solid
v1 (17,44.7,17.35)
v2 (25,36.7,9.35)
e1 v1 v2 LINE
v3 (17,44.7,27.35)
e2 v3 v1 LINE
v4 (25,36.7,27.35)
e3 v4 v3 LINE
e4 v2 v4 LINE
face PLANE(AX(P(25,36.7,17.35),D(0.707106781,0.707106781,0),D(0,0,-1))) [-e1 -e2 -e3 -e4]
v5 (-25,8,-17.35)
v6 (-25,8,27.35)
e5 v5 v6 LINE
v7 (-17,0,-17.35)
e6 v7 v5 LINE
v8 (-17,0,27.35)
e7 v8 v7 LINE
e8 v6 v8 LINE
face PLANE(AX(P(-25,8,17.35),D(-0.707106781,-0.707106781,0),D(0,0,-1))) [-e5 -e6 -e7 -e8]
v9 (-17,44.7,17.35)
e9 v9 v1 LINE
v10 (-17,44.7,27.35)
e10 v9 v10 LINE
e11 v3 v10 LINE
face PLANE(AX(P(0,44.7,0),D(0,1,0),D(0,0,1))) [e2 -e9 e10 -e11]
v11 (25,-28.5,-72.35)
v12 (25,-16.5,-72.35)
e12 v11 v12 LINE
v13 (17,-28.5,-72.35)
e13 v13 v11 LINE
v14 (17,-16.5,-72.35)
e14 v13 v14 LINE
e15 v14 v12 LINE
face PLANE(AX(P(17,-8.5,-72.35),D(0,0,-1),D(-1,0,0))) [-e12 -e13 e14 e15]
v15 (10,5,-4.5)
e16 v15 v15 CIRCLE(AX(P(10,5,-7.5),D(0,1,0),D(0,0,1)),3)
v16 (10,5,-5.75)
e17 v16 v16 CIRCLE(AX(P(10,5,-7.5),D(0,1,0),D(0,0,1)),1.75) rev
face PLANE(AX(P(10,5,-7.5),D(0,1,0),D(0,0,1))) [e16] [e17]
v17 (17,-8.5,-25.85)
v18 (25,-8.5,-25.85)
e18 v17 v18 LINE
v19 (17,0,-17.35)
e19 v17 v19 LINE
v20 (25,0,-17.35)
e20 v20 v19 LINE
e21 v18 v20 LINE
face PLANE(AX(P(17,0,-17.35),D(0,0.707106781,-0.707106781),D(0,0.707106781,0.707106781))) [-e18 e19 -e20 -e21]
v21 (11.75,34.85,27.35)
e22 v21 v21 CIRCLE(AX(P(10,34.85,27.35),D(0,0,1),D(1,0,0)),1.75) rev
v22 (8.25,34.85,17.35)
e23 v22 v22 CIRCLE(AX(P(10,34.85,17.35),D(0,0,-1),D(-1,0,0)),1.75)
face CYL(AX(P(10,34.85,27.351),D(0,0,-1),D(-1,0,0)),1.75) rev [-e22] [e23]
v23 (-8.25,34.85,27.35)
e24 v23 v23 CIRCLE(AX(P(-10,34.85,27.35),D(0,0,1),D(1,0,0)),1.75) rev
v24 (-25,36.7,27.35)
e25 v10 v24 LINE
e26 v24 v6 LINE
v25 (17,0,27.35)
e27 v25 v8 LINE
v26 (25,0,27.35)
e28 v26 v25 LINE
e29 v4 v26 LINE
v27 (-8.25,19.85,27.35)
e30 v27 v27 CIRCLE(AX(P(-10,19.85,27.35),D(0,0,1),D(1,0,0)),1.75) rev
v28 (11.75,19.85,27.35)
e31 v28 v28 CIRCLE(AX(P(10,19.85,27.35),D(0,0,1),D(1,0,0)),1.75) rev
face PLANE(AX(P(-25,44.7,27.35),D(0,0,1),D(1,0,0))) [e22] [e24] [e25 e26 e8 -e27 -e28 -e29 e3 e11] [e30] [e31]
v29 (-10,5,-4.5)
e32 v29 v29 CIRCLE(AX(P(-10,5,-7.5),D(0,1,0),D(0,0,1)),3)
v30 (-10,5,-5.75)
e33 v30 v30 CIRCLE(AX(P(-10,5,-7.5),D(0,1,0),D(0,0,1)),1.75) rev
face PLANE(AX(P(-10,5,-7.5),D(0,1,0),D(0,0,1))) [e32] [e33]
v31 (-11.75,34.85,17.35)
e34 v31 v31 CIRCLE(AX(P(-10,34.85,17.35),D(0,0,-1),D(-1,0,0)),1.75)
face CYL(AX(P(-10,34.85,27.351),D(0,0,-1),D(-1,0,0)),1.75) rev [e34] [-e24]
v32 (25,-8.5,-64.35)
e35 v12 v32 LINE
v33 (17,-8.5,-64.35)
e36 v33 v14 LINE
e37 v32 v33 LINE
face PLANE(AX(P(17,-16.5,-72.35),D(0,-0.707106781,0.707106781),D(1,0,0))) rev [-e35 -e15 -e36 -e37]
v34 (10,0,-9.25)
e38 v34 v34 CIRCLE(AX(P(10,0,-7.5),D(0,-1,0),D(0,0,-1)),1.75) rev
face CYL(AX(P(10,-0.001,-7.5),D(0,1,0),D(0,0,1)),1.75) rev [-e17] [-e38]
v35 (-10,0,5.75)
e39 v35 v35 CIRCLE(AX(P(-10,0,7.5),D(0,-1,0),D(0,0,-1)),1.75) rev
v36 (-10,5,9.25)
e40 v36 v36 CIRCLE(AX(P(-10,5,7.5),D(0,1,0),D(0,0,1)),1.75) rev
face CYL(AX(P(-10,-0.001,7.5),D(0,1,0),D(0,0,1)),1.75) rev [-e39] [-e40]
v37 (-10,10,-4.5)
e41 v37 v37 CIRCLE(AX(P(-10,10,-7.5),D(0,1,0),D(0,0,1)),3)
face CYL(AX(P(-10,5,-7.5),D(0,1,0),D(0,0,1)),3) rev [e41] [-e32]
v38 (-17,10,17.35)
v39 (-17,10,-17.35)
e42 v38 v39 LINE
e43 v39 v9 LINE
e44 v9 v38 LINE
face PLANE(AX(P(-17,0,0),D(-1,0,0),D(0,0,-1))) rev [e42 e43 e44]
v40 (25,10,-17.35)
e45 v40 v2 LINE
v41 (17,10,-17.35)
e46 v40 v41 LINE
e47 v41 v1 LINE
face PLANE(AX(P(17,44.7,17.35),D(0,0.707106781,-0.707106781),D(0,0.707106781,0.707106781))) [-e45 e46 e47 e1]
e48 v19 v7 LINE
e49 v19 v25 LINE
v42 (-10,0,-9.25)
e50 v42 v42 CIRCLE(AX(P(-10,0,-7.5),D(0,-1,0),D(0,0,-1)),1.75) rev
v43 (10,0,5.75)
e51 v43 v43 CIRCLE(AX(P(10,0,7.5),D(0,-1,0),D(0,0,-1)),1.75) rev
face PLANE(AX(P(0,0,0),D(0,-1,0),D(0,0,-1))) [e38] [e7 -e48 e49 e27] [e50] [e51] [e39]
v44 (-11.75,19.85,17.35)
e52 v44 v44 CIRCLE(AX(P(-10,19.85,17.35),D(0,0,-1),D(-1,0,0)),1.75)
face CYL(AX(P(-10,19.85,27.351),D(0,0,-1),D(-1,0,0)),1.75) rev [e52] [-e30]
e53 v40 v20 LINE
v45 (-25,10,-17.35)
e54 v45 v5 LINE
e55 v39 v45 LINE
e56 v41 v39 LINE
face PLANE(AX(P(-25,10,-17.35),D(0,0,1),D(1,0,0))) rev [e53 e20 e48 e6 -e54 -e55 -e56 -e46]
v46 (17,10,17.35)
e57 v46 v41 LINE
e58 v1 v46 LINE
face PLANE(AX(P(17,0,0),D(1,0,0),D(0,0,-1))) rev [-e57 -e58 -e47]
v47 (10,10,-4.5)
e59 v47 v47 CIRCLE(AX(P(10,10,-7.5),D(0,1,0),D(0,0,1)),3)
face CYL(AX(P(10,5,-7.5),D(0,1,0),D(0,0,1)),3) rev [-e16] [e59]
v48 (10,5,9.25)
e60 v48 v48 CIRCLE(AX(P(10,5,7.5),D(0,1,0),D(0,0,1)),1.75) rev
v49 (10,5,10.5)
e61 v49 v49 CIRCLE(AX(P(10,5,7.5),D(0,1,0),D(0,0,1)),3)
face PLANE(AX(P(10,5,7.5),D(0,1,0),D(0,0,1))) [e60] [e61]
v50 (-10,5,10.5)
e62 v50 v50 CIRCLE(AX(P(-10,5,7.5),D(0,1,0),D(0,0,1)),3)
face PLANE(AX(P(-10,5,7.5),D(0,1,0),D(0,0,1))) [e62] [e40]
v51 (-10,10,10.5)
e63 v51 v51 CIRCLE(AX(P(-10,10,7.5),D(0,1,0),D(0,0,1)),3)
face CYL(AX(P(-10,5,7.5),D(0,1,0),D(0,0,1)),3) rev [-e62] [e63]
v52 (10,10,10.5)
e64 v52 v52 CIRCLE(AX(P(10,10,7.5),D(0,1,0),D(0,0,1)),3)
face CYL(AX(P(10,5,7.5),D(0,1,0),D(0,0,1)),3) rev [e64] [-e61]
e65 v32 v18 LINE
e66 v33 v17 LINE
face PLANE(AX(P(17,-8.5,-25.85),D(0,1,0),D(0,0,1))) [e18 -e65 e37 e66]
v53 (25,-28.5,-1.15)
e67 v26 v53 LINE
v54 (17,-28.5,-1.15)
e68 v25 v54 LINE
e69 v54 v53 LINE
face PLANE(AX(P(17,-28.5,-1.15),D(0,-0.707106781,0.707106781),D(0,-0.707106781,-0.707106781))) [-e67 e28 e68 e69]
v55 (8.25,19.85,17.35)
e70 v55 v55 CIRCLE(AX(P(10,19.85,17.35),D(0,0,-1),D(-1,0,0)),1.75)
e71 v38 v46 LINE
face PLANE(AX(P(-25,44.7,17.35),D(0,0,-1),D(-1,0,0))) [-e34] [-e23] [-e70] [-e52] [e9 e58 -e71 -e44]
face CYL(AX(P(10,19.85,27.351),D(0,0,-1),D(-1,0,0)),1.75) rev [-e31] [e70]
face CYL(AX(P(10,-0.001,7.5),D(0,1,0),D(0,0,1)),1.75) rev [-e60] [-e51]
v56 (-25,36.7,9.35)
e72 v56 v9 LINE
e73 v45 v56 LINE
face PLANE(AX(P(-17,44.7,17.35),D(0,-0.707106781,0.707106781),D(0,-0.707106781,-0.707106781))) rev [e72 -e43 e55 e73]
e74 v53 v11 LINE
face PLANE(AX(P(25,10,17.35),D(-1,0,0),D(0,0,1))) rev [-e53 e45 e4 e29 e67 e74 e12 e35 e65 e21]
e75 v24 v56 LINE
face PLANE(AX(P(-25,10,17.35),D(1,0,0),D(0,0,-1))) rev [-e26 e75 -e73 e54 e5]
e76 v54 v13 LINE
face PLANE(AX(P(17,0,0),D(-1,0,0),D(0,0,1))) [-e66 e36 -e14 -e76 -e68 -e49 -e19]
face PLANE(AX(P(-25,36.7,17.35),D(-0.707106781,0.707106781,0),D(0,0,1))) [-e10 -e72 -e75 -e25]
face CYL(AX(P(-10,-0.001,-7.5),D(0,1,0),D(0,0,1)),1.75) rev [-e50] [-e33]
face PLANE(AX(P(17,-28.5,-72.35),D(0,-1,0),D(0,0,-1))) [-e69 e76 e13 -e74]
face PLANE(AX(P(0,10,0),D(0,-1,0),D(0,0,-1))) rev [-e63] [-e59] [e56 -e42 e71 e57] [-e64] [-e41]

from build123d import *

# Parameters (mm, degrees)
SKETCH1_W           = 50
SKETCH1_H           = 34.7
BOSS_EXTRUDE1_DEPTH = 10
CUT_EXTRUDE1_REACH  = 34.032
SKETCH2_R           = 1.75
SKETCH3_R           = 3
CUT_EXTRUDE2_DEPTH  = 5
SKETCH6_W           = 50
SKETCH6_H           = 10
BOSS_EXTRUDE3_DEPTH = 44.7
BOSS_EXTRUDE4_DEPTH = 8
BOSS_EXTRUDE5_DEPTH = 8
CHAMFER1_SIZE       = 8
CUT_EXTRUDE3_REACH  = 105.292
SKETCH10_R          = 1.75
CHAMFER2_SIZE       = 8


with BuildPart() as part:
    # Sketch1 → Boss-Extrude1 (new body)
    with BuildSketch(Plane(origin=(0, 0, 0), x_dir=(1, 0, 0), z_dir=(0, 1, 0))):
        Rectangle(SKETCH1_W, SKETCH1_H)
    extrude(amount=BOSS_EXTRUDE1_DEPTH)

    # Sketch2 → Cut-Extrude1 (cut, up to next)
    with BuildSketch(Plane(origin=(0, 10, 0), x_dir=(1, 0, 0), z_dir=(0, 1, 0)), mode=Mode.PRIVATE) as cut_extrude1_sk1:
        with Locations(Location((-10, 7.5, 0), (0, 0, 270))):
            Circle(SKETCH2_R)
    cut_extrude1_tool1 = extrude(cut_extrude1_sk1.sketch, amount=-CUT_EXTRUDE1_REACH, mode=Mode.PRIVATE) & part.part
    # Sketch2 → Cut-Extrude1 (cut, up to next)
    with BuildSketch(Plane(origin=(0, 10, 0), x_dir=(1, 0, 0), z_dir=(0, 1, 0)), mode=Mode.PRIVATE) as cut_extrude1_sk2:
        with Locations(Location((10, 7.5, 0), (0, 0, 270))):
            Circle(SKETCH2_R)
    cut_extrude1_tool2 = extrude(cut_extrude1_sk2.sketch, amount=-CUT_EXTRUDE1_REACH, mode=Mode.PRIVATE) & part.part
    # Sketch2 → Cut-Extrude1 (cut, up to next)
    with BuildSketch(Plane(origin=(0, 10, 0), x_dir=(1, 0, 0), z_dir=(0, 1, 0)), mode=Mode.PRIVATE) as cut_extrude1_sk3:
        with Locations(Location((10, -7.5, 0), (0, 0, 270))):
            Circle(SKETCH2_R)
    cut_extrude1_tool3 = extrude(cut_extrude1_sk3.sketch, amount=-CUT_EXTRUDE1_REACH, mode=Mode.PRIVATE) & part.part
    # Sketch2 → Cut-Extrude1 (cut, up to next)
    with BuildSketch(Plane(origin=(0, 10, 0), x_dir=(1, 0, 0), z_dir=(0, 1, 0)), mode=Mode.PRIVATE) as cut_extrude1_sk4:
        with Locations(Location((-10, -7.5, 0), (0, 0, 270))):
            Circle(SKETCH2_R)
    cut_extrude1_tool4 = extrude(cut_extrude1_sk4.sketch, amount=-CUT_EXTRUDE1_REACH, mode=Mode.PRIVATE) & part.part
    add(cut_extrude1_tool1.solids().sort_by_distance((-10, 10, -7.5))[0], mode=Mode.SUBTRACT)
    add(cut_extrude1_tool2.solids().sort_by_distance((10, 10, -7.5))[0], mode=Mode.SUBTRACT)
    add(cut_extrude1_tool3.solids().sort_by_distance((10, 10, 7.5))[0], mode=Mode.SUBTRACT)
    add(cut_extrude1_tool4.solids().sort_by_distance((-10, 10, 7.5))[0], mode=Mode.SUBTRACT)

    # Sketch3 → Cut-Extrude2 (cut)
    with BuildSketch(Plane(origin=(0, 10, 0), x_dir=(1, 0, 0), z_dir=(0, 1, 0))):
        with Locations(Location((-10, 7.5, 0), (0, 0, 270))):
            Circle(SKETCH3_R)
        with Locations(Location((10, 7.5, 0), (0, 0, 270))):
            Circle(SKETCH3_R)
        with Locations(Location((10, -7.5, 0), (0, 0, 270))):
            Circle(SKETCH3_R)
        with Locations(Location((-10, -7.5, 0), (0, 0, 270))):
            Circle(SKETCH3_R)
    extrude(amount=-CUT_EXTRUDE2_DEPTH, mode=Mode.SUBTRACT)

    # Sketch6 → Boss-Extrude3 (add)
    with BuildSketch(Plane.XZ):
        with Locations((0, 22.35)):
            Rectangle(SKETCH6_W, SKETCH6_H)
    extrude(amount=-BOSS_EXTRUDE3_DEPTH)

    # Sketch8 → Boss-Extrude4 (add)
    with BuildSketch(Plane(origin=(25, 0, 0), x_dir=(0, 0, -1), z_dir=(1, 0, 0))):
        Polygon((-27.35, 0), (17.35, 0), (25.85, -8.5), (72.35, -8.5), (72.35, -28.5), (1.15, -28.5), align=None)
    extrude(amount=-BOSS_EXTRUDE4_DEPTH)

    # Sketch9 → Boss-Extrude5 (add)
    with BuildSketch(Plane(origin=(25, 0, 0), x_dir=(0, 0, -1), z_dir=(1, 0, 0))):
        Polygon((-17.35, 44.7), (17.35, 10), (-17.35, 10), align=None)
    boss_extrude5 = extrude(amount=-BOSS_EXTRUDE5_DEPTH)

    # Chamfer1
    chamfer1_edges = [part.edges().sort_by_distance(p)[0] for p in [
        (21, -8.5, -72.35),
    ]]
    chamfer(chamfer1_edges, length=CHAMFER1_SIZE)

    # Mirror1: Boss-Extrude5 across plane
    add(boss_extrude5.mirror(Plane(origin=(0, 0, 0), x_dir=(0, 0, 1), z_dir=(1, 0, 0))))

    # Sketch10 → Cut-Extrude3 (cut, up to next)
    with BuildSketch(Plane(origin=(0, 0, 17.35), x_dir=(-1, 0, 0), z_dir=(0, 0, -1)), mode=Mode.PRIVATE) as cut_extrude3_sk1:
        with Locations((-10, 34.85)):
            Circle(SKETCH10_R)
    cut_extrude3_tool1 = extrude(cut_extrude3_sk1.sketch, amount=-CUT_EXTRUDE3_REACH, mode=Mode.PRIVATE) & part.part
    # Sketch10 → Cut-Extrude3 (cut, up to next)
    with BuildSketch(Plane(origin=(0, 0, 17.35), x_dir=(-1, 0, 0), z_dir=(0, 0, -1)), mode=Mode.PRIVATE) as cut_extrude3_sk2:
        with Locations((10, 34.85)):
            Circle(SKETCH10_R)
    cut_extrude3_tool2 = extrude(cut_extrude3_sk2.sketch, amount=-CUT_EXTRUDE3_REACH, mode=Mode.PRIVATE) & part.part
    # Sketch10 → Cut-Extrude3 (cut, up to next)
    with BuildSketch(Plane(origin=(0, 0, 17.35), x_dir=(-1, 0, 0), z_dir=(0, 0, -1)), mode=Mode.PRIVATE) as cut_extrude3_sk3:
        with Locations((10, 19.85)):
            Circle(SKETCH10_R)
    cut_extrude3_tool3 = extrude(cut_extrude3_sk3.sketch, amount=-CUT_EXTRUDE3_REACH, mode=Mode.PRIVATE) & part.part
    # Sketch10 → Cut-Extrude3 (cut, up to next)
    with BuildSketch(Plane(origin=(0, 0, 17.35), x_dir=(-1, 0, 0), z_dir=(0, 0, -1)), mode=Mode.PRIVATE) as cut_extrude3_sk4:
        with Locations((-10, 19.85)):
            Circle(SKETCH10_R)
    cut_extrude3_tool4 = extrude(cut_extrude3_sk4.sketch, amount=-CUT_EXTRUDE3_REACH, mode=Mode.PRIVATE) & part.part
    add(cut_extrude3_tool1.solids().sort_by_distance((10, 34.85, 17.35))[0], mode=Mode.SUBTRACT)
    add(cut_extrude3_tool2.solids().sort_by_distance((-10, 34.85, 17.35))[0], mode=Mode.SUBTRACT)
    add(cut_extrude3_tool3.solids().sort_by_distance((-10, 19.85, 17.35))[0], mode=Mode.SUBTRACT)
    add(cut_extrude3_tool4.solids().sort_by_distance((10, 19.85, 17.35))[0], mode=Mode.SUBTRACT)

    # Chamfer2
    chamfer2_edges = [part.edges().sort_by_distance(p)[0] for p in [
        (25, 44.7, 22.35),
        (-25, 44.7, 22.35),
        (-25, 0, 5),
    ]]
    chamfer(chamfer2_edges, length=CHAMFER2_SIZE)


solid = part.part
